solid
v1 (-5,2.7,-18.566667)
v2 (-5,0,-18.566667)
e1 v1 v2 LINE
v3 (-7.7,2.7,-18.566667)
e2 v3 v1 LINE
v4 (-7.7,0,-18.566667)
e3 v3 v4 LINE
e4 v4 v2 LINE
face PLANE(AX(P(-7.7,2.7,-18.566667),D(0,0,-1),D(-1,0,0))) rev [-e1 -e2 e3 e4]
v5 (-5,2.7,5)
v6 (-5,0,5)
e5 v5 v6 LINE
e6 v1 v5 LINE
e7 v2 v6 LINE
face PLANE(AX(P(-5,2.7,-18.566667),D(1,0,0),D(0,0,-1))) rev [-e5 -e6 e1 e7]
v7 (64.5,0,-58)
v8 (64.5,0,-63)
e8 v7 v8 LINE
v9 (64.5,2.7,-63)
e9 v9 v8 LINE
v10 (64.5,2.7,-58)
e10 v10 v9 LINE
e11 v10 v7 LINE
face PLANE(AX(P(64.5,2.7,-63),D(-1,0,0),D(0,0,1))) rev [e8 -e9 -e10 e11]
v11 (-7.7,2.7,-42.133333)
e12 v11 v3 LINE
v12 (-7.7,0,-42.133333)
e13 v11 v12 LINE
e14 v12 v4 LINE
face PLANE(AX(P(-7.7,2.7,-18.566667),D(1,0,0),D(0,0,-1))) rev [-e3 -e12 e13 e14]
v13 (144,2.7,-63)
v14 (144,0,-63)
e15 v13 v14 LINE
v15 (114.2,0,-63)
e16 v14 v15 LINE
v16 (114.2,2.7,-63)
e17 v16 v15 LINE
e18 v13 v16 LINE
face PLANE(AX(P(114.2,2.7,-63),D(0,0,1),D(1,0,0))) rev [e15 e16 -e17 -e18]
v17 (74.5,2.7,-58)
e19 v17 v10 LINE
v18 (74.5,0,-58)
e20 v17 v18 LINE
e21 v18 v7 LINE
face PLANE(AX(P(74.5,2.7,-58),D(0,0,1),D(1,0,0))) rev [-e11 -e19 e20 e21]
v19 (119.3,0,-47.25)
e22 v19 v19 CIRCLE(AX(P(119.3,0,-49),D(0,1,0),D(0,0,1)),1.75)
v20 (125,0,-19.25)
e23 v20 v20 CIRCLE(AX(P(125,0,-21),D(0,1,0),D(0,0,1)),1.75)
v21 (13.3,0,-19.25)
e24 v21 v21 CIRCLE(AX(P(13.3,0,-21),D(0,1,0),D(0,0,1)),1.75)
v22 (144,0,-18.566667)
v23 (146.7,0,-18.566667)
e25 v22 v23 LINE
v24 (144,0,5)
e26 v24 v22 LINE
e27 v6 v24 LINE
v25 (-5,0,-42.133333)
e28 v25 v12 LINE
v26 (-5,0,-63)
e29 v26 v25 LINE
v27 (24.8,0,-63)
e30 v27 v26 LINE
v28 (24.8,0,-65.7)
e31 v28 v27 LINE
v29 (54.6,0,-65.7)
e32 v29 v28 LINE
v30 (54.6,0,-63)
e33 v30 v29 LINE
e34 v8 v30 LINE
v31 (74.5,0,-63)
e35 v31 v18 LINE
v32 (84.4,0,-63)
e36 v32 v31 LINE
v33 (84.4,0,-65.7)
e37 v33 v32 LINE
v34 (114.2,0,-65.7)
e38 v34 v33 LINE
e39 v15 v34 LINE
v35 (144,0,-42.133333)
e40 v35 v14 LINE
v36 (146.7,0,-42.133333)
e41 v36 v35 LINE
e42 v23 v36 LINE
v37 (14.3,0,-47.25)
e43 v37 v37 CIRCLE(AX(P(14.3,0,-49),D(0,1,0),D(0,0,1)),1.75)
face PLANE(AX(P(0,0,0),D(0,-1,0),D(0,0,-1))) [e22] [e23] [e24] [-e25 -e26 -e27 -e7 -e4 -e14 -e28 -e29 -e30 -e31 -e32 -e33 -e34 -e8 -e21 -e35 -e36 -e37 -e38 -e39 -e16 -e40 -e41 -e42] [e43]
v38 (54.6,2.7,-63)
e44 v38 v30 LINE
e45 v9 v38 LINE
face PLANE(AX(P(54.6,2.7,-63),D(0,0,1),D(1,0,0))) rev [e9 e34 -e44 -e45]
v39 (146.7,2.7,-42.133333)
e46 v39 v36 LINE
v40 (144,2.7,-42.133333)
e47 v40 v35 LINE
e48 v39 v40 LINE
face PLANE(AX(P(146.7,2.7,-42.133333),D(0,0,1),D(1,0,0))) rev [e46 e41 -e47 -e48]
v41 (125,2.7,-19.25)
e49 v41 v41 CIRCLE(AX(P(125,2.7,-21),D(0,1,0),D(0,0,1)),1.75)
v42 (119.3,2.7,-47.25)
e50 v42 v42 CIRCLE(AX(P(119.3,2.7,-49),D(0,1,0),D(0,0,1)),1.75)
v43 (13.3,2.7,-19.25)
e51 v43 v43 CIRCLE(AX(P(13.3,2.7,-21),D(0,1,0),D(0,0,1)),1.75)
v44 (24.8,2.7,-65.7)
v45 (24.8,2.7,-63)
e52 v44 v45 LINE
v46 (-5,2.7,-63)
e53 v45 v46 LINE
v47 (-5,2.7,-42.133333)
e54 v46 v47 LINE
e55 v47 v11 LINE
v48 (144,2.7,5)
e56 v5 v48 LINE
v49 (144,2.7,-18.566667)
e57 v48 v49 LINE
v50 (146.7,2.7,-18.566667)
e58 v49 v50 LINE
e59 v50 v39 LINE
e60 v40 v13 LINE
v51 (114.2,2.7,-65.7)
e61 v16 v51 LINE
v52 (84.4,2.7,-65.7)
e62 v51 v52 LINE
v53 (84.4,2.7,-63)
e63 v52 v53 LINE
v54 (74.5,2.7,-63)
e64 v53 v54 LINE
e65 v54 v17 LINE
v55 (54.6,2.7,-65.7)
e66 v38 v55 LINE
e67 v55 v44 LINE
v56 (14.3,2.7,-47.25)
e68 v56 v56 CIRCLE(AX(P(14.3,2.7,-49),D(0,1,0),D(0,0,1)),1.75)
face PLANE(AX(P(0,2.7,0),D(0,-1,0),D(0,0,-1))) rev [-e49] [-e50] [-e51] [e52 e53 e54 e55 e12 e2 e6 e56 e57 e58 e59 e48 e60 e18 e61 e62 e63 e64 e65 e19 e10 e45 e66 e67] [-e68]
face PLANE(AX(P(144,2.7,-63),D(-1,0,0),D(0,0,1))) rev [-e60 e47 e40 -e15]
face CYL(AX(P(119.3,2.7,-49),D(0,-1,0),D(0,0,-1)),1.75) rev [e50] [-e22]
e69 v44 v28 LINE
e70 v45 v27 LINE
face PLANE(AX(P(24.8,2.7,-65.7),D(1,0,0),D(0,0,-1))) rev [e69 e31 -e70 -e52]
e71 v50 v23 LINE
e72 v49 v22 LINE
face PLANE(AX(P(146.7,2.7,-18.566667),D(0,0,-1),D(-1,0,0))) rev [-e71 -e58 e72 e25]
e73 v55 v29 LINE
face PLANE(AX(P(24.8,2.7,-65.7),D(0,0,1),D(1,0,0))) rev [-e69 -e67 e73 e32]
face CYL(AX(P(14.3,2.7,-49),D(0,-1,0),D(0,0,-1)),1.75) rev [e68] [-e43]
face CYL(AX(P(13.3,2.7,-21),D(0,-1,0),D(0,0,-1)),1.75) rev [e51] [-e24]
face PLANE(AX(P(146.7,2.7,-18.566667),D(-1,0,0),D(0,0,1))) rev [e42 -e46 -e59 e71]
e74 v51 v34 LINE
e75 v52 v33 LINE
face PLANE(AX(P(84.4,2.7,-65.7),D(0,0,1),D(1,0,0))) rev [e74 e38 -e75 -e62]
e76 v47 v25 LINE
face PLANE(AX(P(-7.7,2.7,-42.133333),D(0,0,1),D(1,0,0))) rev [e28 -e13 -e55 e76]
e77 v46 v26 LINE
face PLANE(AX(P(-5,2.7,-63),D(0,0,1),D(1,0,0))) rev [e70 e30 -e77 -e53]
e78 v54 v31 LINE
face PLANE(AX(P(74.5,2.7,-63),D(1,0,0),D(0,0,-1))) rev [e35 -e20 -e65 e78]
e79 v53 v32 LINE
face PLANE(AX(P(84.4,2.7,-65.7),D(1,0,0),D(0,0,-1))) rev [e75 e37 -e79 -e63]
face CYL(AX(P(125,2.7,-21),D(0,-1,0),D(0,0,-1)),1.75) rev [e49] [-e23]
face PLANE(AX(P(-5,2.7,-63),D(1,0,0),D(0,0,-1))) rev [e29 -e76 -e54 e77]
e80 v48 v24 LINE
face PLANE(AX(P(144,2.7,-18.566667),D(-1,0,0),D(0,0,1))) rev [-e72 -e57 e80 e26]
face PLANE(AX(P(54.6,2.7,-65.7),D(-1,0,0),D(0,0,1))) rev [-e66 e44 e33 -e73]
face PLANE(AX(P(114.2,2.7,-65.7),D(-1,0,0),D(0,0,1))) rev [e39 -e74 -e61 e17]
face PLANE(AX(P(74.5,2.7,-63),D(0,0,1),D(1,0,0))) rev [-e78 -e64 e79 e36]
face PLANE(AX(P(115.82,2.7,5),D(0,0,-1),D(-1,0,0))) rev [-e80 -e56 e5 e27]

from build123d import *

# Parameters (mm, degrees)
SKETCH1_R           = 1.75
BOSS_EXTRUDE1_DEPTH = 2.7


with BuildPart() as part:
    # Sketch1 → Boss-Extrude1 (new body)
    with BuildSketch(Plane(origin=(0, 0, 0), x_dir=(1, 0, 0), z_dir=(0, 1, 0))):
        Polygon((64.5, 63), (64.5, 58), (74.5, 58), (74.5, 63), (84.4, 63), (84.4, 65.7), (114.2, 65.7), (114.2, 63), (144, 63), (144, 42.133333333), (146.7, 42.133333333), (146.7, 18.566666667), (144, 18.566666667), (144, -5), (115.82, -5), (84.94, -5), (74.5, -5), (64.5, -5), (54.06, -5), (23.18, -5), (-5, -5), (-5, 18.566666667), (-7.7, 18.566666667), (-7.7, 42.133333333), (-5, 42.133333333), (-5, 63), (24.8, 63), (24.8, 65.7), (54.6, 65.7), (54.6, 63), align=None)
        with Locations((13.3, 21)):
            Circle(SKETCH1_R, mode=Mode.SUBTRACT)
        with Locations((14.3, 49)):
            Circle(SKETCH1_R, mode=Mode.SUBTRACT)
        with Locations((119.3, 49)):
            Circle(SKETCH1_R, mode=Mode.SUBTRACT)
        with Locations((125, 21)):
            Circle(SKETCH1_R, mode=Mode.SUBTRACT)
    extrude(amount=BOSS_EXTRUDE1_DEPTH)


solid = part.part
